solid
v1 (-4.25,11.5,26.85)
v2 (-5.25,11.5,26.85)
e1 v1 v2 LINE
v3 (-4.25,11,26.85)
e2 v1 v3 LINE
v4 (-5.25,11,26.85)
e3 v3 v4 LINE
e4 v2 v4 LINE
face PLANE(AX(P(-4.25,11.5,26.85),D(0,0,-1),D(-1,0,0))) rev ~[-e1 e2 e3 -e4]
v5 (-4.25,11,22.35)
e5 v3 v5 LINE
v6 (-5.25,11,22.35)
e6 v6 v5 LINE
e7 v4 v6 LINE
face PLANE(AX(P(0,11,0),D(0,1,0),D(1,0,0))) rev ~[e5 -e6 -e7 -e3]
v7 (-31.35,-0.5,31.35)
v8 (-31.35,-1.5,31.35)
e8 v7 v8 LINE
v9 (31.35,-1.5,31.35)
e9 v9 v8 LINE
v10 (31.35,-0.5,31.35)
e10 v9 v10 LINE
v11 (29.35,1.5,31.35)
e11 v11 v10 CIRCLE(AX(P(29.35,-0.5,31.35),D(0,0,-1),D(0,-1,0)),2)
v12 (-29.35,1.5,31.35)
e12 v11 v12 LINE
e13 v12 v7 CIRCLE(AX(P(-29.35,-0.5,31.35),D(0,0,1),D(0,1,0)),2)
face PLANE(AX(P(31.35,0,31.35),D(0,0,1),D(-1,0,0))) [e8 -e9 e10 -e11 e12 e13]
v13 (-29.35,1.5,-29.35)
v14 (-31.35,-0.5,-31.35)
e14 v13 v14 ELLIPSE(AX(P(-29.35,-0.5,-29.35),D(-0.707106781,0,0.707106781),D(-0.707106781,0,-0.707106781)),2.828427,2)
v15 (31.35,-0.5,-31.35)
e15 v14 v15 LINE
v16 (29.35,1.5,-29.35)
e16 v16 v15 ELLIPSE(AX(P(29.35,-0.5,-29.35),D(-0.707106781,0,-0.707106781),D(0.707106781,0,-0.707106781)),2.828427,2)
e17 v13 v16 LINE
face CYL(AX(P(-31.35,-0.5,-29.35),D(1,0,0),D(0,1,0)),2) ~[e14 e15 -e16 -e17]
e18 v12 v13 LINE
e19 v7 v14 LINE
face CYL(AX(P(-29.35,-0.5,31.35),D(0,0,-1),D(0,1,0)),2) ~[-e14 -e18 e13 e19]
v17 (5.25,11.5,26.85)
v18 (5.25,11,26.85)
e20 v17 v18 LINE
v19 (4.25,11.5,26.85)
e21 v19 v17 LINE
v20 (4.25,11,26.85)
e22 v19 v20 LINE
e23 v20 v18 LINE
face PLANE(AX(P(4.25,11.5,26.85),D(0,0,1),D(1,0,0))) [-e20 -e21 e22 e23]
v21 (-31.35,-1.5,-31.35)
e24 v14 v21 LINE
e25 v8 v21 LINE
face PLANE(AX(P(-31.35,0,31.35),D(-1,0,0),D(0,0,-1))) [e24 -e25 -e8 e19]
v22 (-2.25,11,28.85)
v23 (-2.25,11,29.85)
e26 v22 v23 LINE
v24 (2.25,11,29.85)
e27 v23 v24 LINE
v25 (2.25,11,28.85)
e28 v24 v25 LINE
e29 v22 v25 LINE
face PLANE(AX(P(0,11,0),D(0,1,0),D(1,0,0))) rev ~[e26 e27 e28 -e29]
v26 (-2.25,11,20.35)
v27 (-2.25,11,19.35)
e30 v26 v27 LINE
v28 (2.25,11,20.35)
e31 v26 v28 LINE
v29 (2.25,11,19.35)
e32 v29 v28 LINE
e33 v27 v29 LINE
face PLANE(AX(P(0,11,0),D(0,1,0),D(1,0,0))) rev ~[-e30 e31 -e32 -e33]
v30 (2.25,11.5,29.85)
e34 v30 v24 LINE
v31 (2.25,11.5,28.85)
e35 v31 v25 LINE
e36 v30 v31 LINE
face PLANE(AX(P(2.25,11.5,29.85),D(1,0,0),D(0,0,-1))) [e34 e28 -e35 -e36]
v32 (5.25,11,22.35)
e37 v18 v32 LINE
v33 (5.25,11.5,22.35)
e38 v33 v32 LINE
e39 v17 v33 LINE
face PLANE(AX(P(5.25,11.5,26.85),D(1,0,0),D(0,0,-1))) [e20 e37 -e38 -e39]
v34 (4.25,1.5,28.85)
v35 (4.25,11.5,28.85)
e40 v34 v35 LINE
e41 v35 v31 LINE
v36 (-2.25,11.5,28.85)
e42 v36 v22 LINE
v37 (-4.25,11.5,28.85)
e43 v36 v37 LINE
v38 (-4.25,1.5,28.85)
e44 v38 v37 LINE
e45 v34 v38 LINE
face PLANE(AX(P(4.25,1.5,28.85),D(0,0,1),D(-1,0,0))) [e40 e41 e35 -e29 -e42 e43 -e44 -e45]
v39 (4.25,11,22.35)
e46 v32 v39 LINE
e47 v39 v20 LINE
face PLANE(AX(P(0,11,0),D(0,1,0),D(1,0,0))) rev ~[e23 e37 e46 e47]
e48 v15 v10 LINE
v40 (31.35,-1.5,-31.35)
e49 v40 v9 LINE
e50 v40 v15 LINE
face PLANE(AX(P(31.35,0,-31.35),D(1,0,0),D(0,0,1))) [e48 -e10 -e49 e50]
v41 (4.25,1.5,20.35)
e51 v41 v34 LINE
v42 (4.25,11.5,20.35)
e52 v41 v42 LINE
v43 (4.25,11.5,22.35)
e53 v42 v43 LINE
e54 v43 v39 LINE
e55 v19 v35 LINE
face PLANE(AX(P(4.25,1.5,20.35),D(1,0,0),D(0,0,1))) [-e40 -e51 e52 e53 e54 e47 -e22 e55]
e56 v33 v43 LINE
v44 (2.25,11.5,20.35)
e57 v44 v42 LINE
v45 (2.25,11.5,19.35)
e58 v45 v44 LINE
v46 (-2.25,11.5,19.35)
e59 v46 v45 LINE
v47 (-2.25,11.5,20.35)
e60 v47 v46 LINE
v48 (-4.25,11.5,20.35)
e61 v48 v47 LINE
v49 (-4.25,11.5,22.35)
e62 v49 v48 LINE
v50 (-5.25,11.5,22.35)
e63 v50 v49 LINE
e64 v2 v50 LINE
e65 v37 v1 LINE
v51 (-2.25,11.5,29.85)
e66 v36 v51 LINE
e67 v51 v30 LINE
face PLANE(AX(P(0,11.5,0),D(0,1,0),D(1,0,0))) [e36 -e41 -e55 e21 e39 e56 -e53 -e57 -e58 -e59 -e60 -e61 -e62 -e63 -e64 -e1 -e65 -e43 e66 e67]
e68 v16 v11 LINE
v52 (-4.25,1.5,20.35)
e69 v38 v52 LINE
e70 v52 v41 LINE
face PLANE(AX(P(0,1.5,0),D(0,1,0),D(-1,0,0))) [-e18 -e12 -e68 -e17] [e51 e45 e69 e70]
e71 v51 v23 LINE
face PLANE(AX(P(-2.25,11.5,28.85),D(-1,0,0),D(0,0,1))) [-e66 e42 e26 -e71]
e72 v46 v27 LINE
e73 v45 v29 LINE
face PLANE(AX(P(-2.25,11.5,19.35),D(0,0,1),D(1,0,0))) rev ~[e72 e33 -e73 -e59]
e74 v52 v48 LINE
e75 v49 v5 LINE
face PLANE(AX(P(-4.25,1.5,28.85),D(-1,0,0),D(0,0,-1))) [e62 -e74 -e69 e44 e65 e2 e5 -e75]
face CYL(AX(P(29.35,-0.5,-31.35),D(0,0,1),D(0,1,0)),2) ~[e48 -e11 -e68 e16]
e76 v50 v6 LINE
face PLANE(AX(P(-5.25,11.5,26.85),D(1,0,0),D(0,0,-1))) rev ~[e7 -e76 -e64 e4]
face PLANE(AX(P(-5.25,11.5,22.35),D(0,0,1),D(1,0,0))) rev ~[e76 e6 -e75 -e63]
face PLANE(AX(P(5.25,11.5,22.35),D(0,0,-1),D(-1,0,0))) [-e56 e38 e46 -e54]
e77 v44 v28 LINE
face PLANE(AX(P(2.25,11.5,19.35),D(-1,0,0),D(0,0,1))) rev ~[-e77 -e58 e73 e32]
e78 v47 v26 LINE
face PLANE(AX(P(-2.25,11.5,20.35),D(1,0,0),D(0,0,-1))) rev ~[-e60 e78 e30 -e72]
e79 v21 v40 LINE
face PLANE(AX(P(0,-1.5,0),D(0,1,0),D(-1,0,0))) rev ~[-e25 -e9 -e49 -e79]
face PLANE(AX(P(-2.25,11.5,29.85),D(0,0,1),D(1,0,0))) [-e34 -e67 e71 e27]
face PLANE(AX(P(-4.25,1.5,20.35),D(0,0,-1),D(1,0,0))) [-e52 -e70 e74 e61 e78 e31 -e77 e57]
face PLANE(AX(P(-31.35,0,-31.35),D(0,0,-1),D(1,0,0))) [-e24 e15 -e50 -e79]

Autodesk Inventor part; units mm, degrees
ref_plane "YZ Plane" through (0, 0, 0) normal (1, 0, 0) x (0, 1, 0)
ref_plane "XZ Plane" through (0, 0, 0) normal (0, 1, 0) x (-1, 0, 0)
ref_plane "XY Plane" through (0, 0, 0) normal (0, 0, 1) x (1, 0, 0)
sketch "Skizze1" plane through (0, 0, 0) normal (0, 1, 0) x (-1, 0, 0)
  line L0 (-31.35, 31.35) -> (31.35, 31.35)
  line L1 (31.35, 31.35) -> (31.35, -31.35)
  line L2 (31.35, -31.35) -> (-31.35, -31.35)
  line L3 (-31.35, -31.35) -> (-31.35, 31.35)
  line L4 (-31.35, 31.35) -> (31.35, -31.35) construction
  line L5 (31.35, 31.35) -> (-31.35, -31.35) construction
  point P0 (0, 0)
  dimension "d0" = 62.7
  dimension "d1" = 62.7
extrude "Extrusion1" add sketch "Skizze1" along normal mid plane 3
sketch "Skizze2" plane through (0, 1.5, 0) normal (0, 1, 0) x (1, 0, 0)
  line L0 (-31.35, -31.35) -> (31.35, -31.35) construction
  line L1 (0, -31.35) -> (0, 0) construction
  line L2 (4.25, -28.85) -> (-4.25, -28.85)
  line L3 (-4.25, -28.85) -> (-4.25, -20.35)
  line L4 (-4.25, -20.35) -> (4.25, -20.35)
  line L5 (4.25, -20.35) -> (4.25, -28.85)
  dimension "d6" = 2.5
  dimension "d7" = 8.5
  dimension "d9" = 4.25
  dimension "d10" = 4.25
extrude "Extrusion2" add sketch "Skizze2" along normal blind 10
sketch "Skizze3" plane through (0, 11.5, 0) normal (0, 1, 0) x (1, 0, 0)
  line L0 (-4.25, -28.85) -> (-4.25, -20.35) projected
  line L1 (4.25, -20.35) -> (4.25, -28.85) projected
  line L2 (-4.25, -28.85) -> (4.25, -28.85)
  line L3 (-4.25, -26.85) -> (-5.25, -26.85)
  line L4 (4.25, -26.85) -> (5.25, -26.85)
  line L5 (-4.25, -20.35) -> (4.25, -20.35) projected
  line L6 (-2.25, -20.35) -> (-2.25, -19.35)
  line L7 (-2.25, -19.35) -> (2.25, -19.35)
  line L8 (2.25, -19.35) -> (2.25, -20.35)
  line L9 (-2.25, -28.85) -> (-2.25, -29.85)
  line L10 (-2.25, -29.85) -> (2.25, -29.85)
  line L11 (2.25, -29.85) -> (2.25, -28.85)
  line L12 (5.25, -26.85) -> (5.25, -22.35)
  line L13 (5.25, -22.35) -> (4.25, -22.35)
  line L14 (-5.25, -26.85) -> (-5.25, -22.35)
  line L15 (-5.25, -22.35) -> (-4.25, -22.35)
  point P0 (0, 0)
  dimension "d18" = 1
  dimension "d19" = 1
  dimension "d21" = 1
  dimension "d22" = 1
  dimension "d23" = 2
  dimension "d24" = 2
  dimension "d25" = 2
  dimension "d26" = 2
  dimension "d27" = 2
  dimension "d28" = 2
  dimension "d29" = 2
extrude "Extrusion3" add sketch "Skizze3" against normal blind 0.5 contours L3 L14 L15 L0 | L2 L11 L10 L9 | L6 L7 L8 L5 | L1 L13 L12 L4
fillet "Rundung1" radius 2 3 edges at (-31.35, 1.5, 0) (0, 1.5, -31.35) (31.35, 1.5, 0)
properties part number "GroundV11"
